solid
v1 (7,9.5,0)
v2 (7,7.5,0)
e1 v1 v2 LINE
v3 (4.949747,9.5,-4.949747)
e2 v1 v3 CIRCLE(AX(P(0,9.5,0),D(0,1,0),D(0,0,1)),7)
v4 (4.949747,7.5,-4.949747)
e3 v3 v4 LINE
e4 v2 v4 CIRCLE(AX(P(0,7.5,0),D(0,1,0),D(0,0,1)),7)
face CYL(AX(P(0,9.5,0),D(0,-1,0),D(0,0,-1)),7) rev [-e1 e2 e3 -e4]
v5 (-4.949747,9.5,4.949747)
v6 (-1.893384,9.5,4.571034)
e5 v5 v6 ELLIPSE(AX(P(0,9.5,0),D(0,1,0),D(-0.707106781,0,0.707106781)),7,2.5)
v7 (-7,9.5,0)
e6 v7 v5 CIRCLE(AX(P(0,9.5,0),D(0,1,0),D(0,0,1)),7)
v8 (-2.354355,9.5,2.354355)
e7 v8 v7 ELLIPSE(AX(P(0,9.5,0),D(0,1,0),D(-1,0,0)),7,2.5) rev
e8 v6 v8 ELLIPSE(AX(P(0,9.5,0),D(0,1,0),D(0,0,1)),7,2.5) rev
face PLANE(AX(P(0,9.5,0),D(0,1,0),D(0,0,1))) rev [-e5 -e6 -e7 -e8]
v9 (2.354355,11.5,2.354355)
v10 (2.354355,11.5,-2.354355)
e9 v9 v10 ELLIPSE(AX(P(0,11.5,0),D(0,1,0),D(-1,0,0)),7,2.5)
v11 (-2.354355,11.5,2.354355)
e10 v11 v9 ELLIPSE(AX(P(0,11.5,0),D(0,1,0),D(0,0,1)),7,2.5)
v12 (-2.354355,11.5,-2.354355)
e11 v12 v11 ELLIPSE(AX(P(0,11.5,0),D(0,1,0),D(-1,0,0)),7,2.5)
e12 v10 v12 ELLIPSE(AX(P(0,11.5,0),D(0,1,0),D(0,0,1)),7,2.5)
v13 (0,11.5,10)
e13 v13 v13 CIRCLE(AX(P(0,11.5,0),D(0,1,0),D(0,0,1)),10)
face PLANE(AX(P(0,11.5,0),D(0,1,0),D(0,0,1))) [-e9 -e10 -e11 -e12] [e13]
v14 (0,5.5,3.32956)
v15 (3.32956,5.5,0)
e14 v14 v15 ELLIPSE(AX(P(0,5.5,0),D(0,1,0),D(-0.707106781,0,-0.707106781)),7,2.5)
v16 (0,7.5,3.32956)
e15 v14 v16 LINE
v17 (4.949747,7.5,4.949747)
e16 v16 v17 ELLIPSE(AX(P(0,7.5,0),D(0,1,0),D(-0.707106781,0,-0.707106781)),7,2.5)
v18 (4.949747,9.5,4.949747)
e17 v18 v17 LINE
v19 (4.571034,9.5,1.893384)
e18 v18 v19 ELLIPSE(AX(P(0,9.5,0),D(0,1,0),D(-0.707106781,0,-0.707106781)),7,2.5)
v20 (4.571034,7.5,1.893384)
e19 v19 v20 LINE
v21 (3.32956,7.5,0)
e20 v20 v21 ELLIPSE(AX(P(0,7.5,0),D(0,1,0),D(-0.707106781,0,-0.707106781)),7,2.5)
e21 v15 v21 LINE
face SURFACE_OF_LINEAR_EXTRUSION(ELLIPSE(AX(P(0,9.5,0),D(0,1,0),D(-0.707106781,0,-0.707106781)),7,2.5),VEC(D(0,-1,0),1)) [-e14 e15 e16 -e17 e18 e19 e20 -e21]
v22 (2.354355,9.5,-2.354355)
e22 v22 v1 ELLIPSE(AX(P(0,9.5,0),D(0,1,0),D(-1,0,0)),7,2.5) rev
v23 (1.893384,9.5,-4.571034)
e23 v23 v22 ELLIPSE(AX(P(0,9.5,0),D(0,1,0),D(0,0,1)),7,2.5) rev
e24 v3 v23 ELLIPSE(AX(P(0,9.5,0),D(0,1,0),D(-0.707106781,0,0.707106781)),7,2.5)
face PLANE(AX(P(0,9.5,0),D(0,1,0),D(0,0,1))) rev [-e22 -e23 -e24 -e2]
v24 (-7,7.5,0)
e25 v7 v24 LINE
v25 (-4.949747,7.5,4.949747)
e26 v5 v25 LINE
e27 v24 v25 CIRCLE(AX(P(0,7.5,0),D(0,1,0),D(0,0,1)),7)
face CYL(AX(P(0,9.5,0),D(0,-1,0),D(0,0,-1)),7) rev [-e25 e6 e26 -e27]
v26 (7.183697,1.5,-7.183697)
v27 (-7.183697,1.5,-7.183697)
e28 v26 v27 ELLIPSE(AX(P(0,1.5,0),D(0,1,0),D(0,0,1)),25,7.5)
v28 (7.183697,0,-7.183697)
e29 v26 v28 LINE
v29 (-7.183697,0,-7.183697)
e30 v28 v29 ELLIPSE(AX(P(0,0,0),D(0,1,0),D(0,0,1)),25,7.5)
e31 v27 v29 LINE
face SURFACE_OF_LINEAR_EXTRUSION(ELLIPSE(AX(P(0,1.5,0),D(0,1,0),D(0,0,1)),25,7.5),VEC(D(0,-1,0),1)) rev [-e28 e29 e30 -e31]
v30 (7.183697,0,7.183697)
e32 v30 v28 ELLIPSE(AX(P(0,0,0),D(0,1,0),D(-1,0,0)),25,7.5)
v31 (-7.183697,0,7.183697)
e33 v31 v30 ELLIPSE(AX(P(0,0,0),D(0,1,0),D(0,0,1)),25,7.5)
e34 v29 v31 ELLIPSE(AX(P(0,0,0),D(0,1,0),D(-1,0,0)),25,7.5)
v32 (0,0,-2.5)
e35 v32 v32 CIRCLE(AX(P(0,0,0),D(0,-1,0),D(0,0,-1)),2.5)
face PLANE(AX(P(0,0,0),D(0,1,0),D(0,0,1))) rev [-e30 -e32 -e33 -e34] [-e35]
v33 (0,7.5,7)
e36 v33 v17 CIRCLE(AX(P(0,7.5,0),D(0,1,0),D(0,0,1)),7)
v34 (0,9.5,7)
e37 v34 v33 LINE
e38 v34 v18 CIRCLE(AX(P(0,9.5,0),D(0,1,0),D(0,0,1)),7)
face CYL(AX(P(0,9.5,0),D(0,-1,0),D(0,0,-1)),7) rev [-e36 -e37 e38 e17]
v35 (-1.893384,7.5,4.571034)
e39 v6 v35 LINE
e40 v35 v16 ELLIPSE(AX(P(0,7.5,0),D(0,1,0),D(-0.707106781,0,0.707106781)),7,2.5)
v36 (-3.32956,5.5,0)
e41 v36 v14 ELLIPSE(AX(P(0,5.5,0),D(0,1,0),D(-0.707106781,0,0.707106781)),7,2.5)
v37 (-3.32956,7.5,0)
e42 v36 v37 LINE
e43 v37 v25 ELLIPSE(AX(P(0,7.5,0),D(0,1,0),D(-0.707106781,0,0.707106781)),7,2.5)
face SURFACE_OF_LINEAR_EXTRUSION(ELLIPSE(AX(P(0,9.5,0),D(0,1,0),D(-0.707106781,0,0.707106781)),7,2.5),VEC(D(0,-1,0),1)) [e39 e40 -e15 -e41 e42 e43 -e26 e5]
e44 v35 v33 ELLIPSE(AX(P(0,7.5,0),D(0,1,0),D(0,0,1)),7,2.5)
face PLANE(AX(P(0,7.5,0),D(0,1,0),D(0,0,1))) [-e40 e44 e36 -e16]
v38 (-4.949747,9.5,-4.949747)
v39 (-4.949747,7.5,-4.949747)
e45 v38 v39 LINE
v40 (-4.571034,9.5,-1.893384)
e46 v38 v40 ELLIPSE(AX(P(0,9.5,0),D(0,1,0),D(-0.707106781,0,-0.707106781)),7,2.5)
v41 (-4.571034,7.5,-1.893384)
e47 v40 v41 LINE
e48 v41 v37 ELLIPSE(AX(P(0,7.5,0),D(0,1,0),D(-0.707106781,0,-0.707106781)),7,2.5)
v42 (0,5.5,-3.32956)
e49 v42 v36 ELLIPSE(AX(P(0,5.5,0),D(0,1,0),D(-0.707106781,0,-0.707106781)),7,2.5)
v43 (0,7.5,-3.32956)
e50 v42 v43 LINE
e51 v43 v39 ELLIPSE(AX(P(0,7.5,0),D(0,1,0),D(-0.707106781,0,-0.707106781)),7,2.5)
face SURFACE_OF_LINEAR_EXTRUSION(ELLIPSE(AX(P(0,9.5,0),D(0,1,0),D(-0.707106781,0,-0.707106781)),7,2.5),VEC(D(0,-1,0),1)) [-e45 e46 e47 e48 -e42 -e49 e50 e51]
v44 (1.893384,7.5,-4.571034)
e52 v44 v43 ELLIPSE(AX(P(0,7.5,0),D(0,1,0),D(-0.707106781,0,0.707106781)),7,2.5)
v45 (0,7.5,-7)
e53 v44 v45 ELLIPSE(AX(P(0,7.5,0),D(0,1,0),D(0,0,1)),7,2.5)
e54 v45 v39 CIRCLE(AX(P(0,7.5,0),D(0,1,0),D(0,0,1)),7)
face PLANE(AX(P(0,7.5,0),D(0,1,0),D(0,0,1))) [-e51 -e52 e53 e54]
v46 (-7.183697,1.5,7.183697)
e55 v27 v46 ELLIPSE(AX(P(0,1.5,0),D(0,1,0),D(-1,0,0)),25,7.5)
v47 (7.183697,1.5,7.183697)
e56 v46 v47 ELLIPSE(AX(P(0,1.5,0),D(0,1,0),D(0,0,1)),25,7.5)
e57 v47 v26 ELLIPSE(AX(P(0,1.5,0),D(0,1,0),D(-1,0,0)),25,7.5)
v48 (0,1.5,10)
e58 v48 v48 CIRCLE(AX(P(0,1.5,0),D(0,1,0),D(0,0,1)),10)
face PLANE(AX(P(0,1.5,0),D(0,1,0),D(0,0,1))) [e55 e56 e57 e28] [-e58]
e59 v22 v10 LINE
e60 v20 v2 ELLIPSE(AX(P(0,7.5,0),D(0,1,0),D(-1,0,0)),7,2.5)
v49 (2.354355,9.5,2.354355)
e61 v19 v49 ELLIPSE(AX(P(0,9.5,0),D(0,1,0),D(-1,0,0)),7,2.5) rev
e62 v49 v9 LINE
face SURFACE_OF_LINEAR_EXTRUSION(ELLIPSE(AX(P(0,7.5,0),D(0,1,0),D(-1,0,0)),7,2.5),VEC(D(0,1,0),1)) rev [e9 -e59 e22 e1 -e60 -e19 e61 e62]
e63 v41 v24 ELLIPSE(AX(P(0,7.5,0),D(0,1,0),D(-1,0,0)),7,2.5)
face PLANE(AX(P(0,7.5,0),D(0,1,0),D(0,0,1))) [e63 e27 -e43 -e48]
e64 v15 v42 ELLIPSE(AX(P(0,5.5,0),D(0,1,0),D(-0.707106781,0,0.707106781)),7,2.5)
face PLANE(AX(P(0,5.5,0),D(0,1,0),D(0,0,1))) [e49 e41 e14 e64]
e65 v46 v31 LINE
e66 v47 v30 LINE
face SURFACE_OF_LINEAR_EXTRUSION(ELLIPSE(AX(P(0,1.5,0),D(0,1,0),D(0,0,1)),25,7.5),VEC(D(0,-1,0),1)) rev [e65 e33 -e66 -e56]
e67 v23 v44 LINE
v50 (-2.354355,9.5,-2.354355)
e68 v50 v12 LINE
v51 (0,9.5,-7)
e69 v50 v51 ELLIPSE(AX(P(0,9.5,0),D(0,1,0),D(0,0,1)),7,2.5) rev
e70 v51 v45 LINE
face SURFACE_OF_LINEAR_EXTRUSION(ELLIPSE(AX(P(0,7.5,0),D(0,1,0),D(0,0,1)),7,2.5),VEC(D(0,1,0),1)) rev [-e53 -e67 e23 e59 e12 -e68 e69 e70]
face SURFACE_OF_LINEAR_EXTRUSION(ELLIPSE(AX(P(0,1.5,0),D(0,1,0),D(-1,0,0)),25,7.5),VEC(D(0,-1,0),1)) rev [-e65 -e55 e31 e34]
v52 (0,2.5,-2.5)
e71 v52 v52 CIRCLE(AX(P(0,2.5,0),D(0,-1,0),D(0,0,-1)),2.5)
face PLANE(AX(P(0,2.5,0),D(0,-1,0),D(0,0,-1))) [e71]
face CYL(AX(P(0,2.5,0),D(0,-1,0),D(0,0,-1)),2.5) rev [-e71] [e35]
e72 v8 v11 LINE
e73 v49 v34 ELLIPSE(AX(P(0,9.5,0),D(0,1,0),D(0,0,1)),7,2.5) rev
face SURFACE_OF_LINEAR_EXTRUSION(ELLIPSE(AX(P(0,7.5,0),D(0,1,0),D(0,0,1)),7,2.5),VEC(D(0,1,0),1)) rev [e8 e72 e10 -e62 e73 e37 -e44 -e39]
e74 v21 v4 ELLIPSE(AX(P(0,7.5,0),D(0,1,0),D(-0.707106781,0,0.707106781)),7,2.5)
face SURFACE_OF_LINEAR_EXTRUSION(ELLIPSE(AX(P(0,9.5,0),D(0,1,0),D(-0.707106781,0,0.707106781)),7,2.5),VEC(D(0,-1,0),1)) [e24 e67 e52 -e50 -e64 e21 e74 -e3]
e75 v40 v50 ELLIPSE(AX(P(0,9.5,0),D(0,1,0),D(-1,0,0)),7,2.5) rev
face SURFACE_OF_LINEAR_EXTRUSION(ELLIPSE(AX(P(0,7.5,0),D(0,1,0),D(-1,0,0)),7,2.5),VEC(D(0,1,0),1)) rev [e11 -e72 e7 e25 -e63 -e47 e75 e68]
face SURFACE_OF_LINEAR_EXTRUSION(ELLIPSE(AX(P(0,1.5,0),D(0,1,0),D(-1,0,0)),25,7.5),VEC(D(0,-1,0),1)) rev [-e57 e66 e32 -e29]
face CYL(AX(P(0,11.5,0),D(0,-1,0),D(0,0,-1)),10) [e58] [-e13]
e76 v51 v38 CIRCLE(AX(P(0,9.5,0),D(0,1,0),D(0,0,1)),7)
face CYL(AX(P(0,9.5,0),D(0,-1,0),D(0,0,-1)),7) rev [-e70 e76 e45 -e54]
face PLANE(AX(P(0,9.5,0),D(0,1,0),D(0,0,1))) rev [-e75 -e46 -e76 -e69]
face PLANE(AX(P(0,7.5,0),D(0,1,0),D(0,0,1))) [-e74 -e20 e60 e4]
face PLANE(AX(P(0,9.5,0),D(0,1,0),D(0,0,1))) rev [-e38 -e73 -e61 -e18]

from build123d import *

# Parameters (mm, degrees)
BOSS_EXTRUDE1_DEPTH = 1.5
SKETCH2_R           = 10
BOSS_EXTRUDE2_DEPTH = 10
SKETCH3_R           = 2.5
CUT_EXTRUDE1_DEPTH  = 2.5
CUT_EXTRUDE2_DEPTH  = 4
CUT_EXTRUDE3_DEPTH  = 2
CUT_EXTRUDE4_DEPTH  = 2


with BuildPart() as part:
    # Sketch1 → Boss-Extrude1 (new body)
    with BuildSketch(Plane(origin=(0, 0, 0), x_dir=(1, 0, 0), z_dir=(0, 1, 0))):
        with BuildLine():
            add(Edge.make_bspline(
                [(7.183697139, 7.183697139), (0, 87.002554241), (-7.183697139, 7.183697139)],
                knots=[1.862253121, 1.862253121, 1.862253121, 4.420932186, 4.420932186, 4.420932186], degree=2, weights=[1, 0.287347886, 1]))
            add(Edge.make_bspline(
                [(-7.183697139, 7.183697139), (-87.002554241, 0), (-7.183697139, -7.183697139)],
                knots=[5.003845775, 5.003845775, 5.003845775, 7.562524839, 7.562524839, 7.562524839], degree=2, weights=[1, 0.287347886, 1]))
            add(Edge.make_bspline(
                [(-7.183697139, -7.183697139), (0, -87.002554241), (7.183697139, -7.183697139)],
                knots=[5.003845775, 5.003845775, 5.003845775, 7.562524839, 7.562524839, 7.562524839], degree=2, weights=[1, 0.287347886, 1]))
            add(Edge.make_bspline(
                [(7.183697139, -7.183697139), (87.002554241, 0), (7.183697139, 7.183697139)],
                knots=[1.862253121, 1.862253121, 1.862253121, 4.420932186, 4.420932186, 4.420932186], degree=2, weights=[1, 0.287347886, 1]))
        make_face()
    extrude(amount=BOSS_EXTRUDE1_DEPTH)

    # Sketch2 → Boss-Extrude2 (add)
    with BuildSketch(Plane(origin=(0, 1.5, 0), x_dir=(1, 0, 0), z_dir=(0, 1, 0))):
        Circle(SKETCH2_R)
    extrude(amount=BOSS_EXTRUDE2_DEPTH)

    # Sketch3 → Cut-Extrude1 (cut)
    with BuildSketch(Plane.XZ):
        Circle(SKETCH3_R)
    extrude(amount=-CUT_EXTRUDE1_DEPTH, mode=Mode.SUBTRACT)

    # Sketch4 → Cut-Extrude2 (cut)
    with BuildSketch(Plane(origin=(0, 11.5, 0), x_dir=(1, 0, 0), z_dir=(0, 1, 0))):
        with BuildLine():
            add(Edge.make_bspline(
                [(-2.354354779, -2.354354779), (0, -20.812496246), (2.354354779, -2.354354779)],
                knots=[5.055412921, 5.055412921, 5.055412921, 7.510957694, 7.510957694, 7.510957694], degree=2, weights=[1, 0.336336397, 1]))
            add(Edge.make_bspline(
                [(2.354354779, -2.354354779), (20.812496246, 0), (2.354354779, 2.354354779)],
                knots=[1.913820267, 1.913820267, 1.913820267, 4.36936504, 4.36936504, 4.36936504], degree=2, weights=[1, 0.336336397, 1]))
            add(Edge.make_bspline(
                [(2.354354779, 2.354354779), (0, 20.812496246), (-2.354354779, 2.354354779)],
                knots=[1.913820267, 1.913820267, 1.913820267, 4.36936504, 4.36936504, 4.36936504], degree=2, weights=[1, 0.336336397, 1]))
            add(Edge.make_bspline(
                [(-2.354354779, 2.354354779), (-20.812496246, 0), (-2.354354779, -2.354354779)],
                knots=[5.055412921, 5.055412921, 5.055412921, 7.510957694, 7.510957694, 7.510957694], degree=2, weights=[1, 0.336336397, 1]))
        make_face()
    extrude(amount=-CUT_EXTRUDE2_DEPTH, mode=Mode.SUBTRACT)

    # Sketch5 → Cut-Extrude3 (cut)
    with BuildSketch(Plane(origin=(0, 7.5, 0), x_dir=(1, 0, 0), z_dir=(0, 1, 0))):
        with BuildLine():
            ThreePointArc((7, 0), (6.467156728, 2.678784027), (4.949747468, 4.949747468))
            add(Edge.make_bspline(
                [(4.949747468, 4.949747468), (4.13981345, 5.759681487), (1.89338429, 4.571034031)],
                knots=[3.141592654, 3.141592654, 3.141592654, 4.000843717, 4.000843717, 4.000843717], degree=2, weights=[1, 0.909121791, 1]))
            add(Edge.make_bspline(
                [(1.89338429, 4.571034031), (1.145419674, 7), (0, 7)],
                knots=[2.282341591, 2.282341591, 2.282341591, 3.141592654, 3.141592654, 3.141592654], degree=2, weights=[1, 0.909121791, 1]))
            ThreePointArc((0, 7), (-2.678784027, 6.467156728), (-4.949747468, 4.949747468))
            add(Edge.make_bspline(
                [(-4.949747468, 4.949747468), (-5.759681487, 4.13981345), (-4.571034031, 1.89338429)],
                knots=[0, 0, 0, 0.859251063, 0.859251063, 0.859251063], degree=2, weights=[1, 0.909121791, 1]))
            add(Edge.make_bspline(
                [(-4.571034031, 1.89338429), (-7, 1.145419674), (-7, 0)],
                knots=[5.423934244, 5.423934244, 5.423934244, 6.283185307, 6.283185307, 6.283185307], degree=2, weights=[1, 0.909121791, 1]))
            ThreePointArc((-7, 0), (-6.467156728, -2.678784027), (-4.949747468, -4.949747468))
            add(Edge.make_bspline(
                [(-4.949747468, -4.949747468), (-4.13981345, -5.759681487), (-1.89338429, -4.571034031)],
                knots=[0, 0, 0, 0.859251063, 0.859251063, 0.859251063], degree=2, weights=[1, 0.909121791, 1]))
            add(Edge.make_bspline(
                [(-1.89338429, -4.571034031), (-1.145419674, -7), (0, -7)],
                knots=[5.423934244, 5.423934244, 5.423934244, 6.283185307, 6.283185307, 6.283185307], degree=2, weights=[1, 0.909121791, 1]))
            ThreePointArc((0, -7), (2.678784027, -6.467156728), (4.949747468, -4.949747468))
            add(Edge.make_bspline(
                [(4.949747468, -4.949747468), (5.759681487, -4.13981345), (4.571034031, -1.89338429)],
                knots=[3.141592654, 3.141592654, 3.141592654, 4.000843717, 4.000843717, 4.000843717], degree=2, weights=[1, 0.909121791, 1]))
            add(Edge.make_bspline(
                [(4.571034031, -1.89338429), (7, -1.145419674), (7, 0)],
                knots=[2.282341591, 2.282341591, 2.282341591, 3.141592654, 3.141592654, 3.141592654], degree=2, weights=[1, 0.909121791, 1]))
        make_face()
    extrude(amount=CUT_EXTRUDE3_DEPTH, mode=Mode.SUBTRACT)

    # Sketch6 → Cut-Extrude4 (cut)
    with BuildSketch(Plane(origin=(0, 7.5, 0), x_dir=(1, 0, 0), z_dir=(0, 1, 0))):
        with BuildLine():
            add(Edge.make_bspline(
                [(-3.329560459, 0), (-14.716657229, -14.716657229), (0, -3.329560459)],
                knots=[5.055412921, 5.055412921, 5.055412921, 7.510957694, 7.510957694, 7.510957694], degree=2, weights=[1, 0.336336397, 1]))
            add(Edge.make_bspline(
                [(0, -3.329560459), (14.716657229, -14.716657229), (3.329560459, 0)],
                knots=[1.913820267, 1.913820267, 1.913820267, 4.36936504, 4.36936504, 4.36936504], degree=2, weights=[1, 0.336336397, 1]))
            add(Edge.make_bspline(
                [(3.329560459, 0), (14.716657229, 14.716657229), (0, 3.329560459)],
                knots=[1.913820267, 1.913820267, 1.913820267, 4.36936504, 4.36936504, 4.36936504], degree=2, weights=[1, 0.336336397, 1]))
            add(Edge.make_bspline(
                [(0, 3.329560459), (-14.716657229, 14.716657229), (-3.329560459, 0)],
                knots=[5.055412921, 5.055412921, 5.055412921, 7.510957694, 7.510957694, 7.510957694], degree=2, weights=[1, 0.336336397, 1]))
        make_face()
    extrude(amount=-CUT_EXTRUDE4_DEPTH, mode=Mode.SUBTRACT)


solid = part.part
